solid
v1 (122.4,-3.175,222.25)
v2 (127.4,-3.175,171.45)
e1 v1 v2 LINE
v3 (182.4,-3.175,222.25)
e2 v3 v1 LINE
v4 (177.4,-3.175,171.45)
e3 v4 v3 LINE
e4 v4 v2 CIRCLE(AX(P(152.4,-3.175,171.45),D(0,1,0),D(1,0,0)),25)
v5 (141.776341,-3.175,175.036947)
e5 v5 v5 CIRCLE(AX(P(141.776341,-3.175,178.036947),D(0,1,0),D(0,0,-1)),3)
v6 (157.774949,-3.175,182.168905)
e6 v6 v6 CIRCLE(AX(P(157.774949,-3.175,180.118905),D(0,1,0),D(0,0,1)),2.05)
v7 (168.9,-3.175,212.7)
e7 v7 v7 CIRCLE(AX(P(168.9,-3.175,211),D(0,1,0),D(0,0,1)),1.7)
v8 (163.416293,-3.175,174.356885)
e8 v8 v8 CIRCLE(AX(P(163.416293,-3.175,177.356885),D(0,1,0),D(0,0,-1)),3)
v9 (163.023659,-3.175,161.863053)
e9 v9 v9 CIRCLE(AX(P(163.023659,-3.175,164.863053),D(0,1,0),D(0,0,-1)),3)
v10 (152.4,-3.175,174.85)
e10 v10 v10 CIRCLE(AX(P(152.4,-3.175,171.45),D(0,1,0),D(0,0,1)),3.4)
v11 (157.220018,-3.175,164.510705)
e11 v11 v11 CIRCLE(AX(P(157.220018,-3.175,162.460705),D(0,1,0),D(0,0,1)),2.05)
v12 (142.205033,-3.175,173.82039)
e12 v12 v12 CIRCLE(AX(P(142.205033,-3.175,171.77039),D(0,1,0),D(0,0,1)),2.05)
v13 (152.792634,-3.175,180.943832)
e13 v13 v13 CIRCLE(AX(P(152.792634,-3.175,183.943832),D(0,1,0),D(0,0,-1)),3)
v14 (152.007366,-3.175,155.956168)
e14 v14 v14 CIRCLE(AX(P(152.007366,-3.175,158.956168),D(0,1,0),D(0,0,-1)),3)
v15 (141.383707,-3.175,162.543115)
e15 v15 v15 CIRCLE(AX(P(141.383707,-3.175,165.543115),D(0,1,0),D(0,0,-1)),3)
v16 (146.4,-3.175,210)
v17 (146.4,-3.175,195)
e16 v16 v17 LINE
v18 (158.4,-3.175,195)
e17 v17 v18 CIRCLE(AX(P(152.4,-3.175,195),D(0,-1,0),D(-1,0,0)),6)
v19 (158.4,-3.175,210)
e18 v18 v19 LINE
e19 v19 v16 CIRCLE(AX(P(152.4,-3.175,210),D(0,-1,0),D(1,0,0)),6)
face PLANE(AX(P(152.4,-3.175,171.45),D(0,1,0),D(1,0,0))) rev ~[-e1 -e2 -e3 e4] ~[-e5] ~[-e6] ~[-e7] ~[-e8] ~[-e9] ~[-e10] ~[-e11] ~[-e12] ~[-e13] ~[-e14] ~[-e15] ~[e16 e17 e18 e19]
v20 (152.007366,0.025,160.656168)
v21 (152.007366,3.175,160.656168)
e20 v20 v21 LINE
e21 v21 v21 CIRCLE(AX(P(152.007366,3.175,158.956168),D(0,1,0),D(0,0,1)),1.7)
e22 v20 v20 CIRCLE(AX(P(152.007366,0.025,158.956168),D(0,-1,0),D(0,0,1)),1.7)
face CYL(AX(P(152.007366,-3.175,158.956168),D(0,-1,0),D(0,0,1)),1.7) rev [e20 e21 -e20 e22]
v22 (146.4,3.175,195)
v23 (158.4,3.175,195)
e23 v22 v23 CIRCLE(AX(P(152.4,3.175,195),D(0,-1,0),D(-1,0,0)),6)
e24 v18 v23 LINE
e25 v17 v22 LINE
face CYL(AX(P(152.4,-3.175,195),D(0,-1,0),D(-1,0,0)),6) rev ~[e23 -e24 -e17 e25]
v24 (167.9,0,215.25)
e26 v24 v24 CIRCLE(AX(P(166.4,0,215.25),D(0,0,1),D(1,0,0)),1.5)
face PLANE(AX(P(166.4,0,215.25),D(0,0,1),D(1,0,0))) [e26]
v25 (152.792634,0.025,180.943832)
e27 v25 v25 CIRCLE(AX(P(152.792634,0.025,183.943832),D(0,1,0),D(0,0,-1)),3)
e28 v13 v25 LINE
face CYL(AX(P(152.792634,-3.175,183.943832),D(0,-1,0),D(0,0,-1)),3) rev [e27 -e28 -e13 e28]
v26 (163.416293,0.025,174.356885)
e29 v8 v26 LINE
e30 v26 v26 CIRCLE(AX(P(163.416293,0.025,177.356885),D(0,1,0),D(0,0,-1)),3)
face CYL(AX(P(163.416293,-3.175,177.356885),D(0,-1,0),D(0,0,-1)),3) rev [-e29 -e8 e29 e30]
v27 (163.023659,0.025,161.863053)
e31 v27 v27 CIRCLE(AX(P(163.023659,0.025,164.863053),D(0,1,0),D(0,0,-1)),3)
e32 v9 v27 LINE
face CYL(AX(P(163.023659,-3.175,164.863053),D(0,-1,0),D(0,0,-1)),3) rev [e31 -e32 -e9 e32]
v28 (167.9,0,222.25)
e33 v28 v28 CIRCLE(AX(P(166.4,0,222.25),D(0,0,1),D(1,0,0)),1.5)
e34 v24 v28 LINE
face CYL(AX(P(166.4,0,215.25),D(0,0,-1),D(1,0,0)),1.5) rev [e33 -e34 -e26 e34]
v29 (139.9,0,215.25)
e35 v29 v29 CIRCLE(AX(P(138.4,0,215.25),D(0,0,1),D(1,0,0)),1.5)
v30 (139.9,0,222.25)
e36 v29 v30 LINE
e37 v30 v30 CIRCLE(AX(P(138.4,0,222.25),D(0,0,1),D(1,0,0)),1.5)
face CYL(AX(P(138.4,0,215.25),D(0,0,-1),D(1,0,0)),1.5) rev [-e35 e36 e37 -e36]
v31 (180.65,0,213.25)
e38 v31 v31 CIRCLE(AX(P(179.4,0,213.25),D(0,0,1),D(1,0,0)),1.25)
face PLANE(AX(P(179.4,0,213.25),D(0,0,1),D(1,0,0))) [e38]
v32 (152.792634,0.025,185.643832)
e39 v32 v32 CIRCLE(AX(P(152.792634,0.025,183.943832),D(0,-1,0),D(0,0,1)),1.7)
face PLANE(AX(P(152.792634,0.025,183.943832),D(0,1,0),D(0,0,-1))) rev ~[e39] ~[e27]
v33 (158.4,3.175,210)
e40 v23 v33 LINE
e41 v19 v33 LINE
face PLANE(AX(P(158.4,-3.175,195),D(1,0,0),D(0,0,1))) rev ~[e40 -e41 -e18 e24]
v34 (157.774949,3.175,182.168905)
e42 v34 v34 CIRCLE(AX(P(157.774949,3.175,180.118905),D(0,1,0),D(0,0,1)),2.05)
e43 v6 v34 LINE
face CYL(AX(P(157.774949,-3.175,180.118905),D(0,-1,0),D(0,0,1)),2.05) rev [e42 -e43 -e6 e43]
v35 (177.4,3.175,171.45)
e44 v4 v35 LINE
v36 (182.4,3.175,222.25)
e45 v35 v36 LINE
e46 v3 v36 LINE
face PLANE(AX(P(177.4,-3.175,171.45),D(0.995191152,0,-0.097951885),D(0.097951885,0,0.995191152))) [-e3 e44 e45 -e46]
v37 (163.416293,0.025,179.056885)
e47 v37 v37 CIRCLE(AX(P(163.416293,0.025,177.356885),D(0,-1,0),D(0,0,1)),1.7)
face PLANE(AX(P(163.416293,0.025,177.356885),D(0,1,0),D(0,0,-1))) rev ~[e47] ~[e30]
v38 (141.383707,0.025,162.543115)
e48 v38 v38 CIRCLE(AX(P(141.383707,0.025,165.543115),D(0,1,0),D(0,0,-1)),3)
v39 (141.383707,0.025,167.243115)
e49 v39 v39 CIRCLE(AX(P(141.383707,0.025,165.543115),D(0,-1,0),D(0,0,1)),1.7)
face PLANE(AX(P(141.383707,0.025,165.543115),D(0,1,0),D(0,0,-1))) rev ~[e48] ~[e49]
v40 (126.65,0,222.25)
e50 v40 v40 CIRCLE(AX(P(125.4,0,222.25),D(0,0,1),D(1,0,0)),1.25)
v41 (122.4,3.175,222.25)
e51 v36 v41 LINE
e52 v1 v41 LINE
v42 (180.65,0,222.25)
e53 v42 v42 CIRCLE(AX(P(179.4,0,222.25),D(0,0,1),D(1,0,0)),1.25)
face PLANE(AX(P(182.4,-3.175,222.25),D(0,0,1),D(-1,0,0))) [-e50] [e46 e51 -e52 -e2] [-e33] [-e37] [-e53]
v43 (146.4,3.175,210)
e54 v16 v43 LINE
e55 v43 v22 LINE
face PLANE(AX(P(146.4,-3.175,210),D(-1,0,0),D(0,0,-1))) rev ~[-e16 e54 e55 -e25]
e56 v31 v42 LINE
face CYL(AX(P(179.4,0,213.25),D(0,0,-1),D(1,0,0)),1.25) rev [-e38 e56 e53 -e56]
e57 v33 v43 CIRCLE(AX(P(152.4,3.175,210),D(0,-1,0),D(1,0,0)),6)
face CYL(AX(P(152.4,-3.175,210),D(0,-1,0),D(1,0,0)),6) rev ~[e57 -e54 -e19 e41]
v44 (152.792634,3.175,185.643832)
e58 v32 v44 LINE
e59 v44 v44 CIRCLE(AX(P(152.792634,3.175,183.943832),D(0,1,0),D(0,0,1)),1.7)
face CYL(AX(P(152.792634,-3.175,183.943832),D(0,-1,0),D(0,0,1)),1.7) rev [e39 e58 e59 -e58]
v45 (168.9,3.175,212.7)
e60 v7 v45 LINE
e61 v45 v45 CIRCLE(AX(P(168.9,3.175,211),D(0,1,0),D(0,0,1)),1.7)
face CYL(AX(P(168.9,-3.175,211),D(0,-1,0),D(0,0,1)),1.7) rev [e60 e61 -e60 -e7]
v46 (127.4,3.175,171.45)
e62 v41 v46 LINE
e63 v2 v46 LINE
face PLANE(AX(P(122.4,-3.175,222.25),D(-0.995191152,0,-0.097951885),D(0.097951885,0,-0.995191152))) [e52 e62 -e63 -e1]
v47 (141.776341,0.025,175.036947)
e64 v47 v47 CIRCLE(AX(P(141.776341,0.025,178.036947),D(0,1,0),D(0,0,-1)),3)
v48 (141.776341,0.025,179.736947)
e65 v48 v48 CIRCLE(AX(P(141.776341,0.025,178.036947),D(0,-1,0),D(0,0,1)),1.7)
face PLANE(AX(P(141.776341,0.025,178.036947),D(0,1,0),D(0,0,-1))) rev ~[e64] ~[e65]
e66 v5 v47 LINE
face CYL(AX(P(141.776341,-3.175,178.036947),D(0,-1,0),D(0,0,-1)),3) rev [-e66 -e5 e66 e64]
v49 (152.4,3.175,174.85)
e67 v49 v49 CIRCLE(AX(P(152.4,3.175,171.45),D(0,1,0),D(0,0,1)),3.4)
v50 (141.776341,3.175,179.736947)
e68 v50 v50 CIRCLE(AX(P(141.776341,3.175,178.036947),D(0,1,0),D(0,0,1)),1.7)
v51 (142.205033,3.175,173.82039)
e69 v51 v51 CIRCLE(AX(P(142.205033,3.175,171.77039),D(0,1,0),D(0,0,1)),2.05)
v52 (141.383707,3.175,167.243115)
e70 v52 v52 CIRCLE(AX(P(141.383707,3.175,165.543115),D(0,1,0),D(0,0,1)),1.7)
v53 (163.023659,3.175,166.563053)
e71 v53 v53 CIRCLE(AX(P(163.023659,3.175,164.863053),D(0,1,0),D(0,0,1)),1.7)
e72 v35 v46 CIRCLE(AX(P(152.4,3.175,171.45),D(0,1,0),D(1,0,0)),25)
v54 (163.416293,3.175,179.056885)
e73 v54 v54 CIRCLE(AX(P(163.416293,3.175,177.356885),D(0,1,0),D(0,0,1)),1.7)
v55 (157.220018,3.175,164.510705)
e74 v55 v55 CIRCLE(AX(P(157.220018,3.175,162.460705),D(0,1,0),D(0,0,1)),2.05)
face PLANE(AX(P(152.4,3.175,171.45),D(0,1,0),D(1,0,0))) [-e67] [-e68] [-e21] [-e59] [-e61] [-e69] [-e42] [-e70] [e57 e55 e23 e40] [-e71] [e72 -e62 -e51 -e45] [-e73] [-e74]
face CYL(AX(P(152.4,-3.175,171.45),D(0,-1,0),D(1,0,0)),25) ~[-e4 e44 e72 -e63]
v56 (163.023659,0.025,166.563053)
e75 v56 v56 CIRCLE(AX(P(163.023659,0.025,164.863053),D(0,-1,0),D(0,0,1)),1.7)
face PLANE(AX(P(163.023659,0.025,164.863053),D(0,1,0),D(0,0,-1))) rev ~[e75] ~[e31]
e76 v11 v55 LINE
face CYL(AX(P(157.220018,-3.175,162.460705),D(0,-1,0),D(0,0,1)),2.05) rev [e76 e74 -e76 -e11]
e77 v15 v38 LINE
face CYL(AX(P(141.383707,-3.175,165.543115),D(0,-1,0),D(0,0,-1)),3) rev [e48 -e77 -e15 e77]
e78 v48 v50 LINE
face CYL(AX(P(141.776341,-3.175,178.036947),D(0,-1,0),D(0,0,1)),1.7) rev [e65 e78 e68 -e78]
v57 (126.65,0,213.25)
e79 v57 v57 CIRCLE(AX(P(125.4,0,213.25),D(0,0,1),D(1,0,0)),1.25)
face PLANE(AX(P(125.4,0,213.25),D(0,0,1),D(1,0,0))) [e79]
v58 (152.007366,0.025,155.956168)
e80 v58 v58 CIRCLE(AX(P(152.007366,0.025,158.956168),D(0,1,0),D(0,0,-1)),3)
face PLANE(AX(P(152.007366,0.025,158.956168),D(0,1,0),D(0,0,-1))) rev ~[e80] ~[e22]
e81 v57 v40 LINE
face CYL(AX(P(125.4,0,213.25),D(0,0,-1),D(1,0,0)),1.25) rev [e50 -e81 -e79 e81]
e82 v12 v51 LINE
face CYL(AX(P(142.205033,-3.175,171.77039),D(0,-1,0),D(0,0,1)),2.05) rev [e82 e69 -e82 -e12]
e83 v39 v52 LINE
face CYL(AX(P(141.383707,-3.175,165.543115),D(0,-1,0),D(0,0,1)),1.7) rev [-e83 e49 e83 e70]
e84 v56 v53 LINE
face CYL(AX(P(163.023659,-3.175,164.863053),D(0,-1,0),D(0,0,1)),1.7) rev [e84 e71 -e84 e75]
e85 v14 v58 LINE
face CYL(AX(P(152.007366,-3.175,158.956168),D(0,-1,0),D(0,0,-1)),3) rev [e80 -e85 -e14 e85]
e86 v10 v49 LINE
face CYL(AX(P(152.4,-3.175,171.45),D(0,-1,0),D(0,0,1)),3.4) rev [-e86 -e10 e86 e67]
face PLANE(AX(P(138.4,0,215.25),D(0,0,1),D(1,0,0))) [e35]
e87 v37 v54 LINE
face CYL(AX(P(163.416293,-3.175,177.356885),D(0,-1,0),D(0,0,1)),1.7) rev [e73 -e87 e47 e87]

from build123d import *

# Parameters (mm, degrees)
PLACA_ANTEBRAZO_START          = -3.175
PLACA_ANTEBRAZO_DEPTH          = 6.35
PLACA_ANTEBRAZO_REDONDEO_START = -3.175
CROQUIS13_R                    = 25
PLACA_ANTEBRAZO_REDONDEO_DEPTH = 6.35
BARRENOS_J3_START              = -3.175
CROQUIS14_R                    = 1.7
CROQUIS14_R_2                  = 2.05
CROQUIS14_R_3                  = 3.4
BARRENOS_J3_DEPTH              = 6.35
REFRENTADOS_J3_START           = -3.175
CROQUIS15_R                    = 3
REFRENTADOS_J3_DEPTH           = 3.2
ALIGERADO_PASO_CABLE_START     = -3.175
ALIGERADO_PASO_CABLE_DEPTH     = 6.35
ROSCA_M3_CANTO_START           = 213.25
CROQUIS17_R                    = 1.25
ROSCA_M3_CANTO_DEPTH           = 9
PASADORES_D3_START             = 215.25
CROQUIS18_R                    = 1.5
PASADORES_D3_DEPTH             = 7
PASO_M3_BASES_CINCHO_START     = -3.175
CROQUIS20_R                    = 1.7
PASO_M3_BASES_CINCHO_DEPTH     = 6.35


with BuildPart() as part:
    # Croquis12 → Placa_antebrazo (new body)
    with BuildSketch(Plane(origin=(0, 0, 0), x_dir=(1, 0, 0), z_dir=(0, 1, 0)).offset(PLACA_ANTEBRAZO_START)):
        Polygon((127.4, -171.45), (177.4, -171.45), (182.4, -222.25), (122.4, -222.25), align=None)
    extrude(amount=PLACA_ANTEBRAZO_DEPTH)

    # Croquis13 → Placa_antebrazo_redondeo (add)
    with BuildSketch(Plane(origin=(0, 0, 0), x_dir=(1, 0, 0), z_dir=(0, 1, 0)).offset(PLACA_ANTEBRAZO_REDONDEO_START)):
        with Locations((152.4, -171.45)):
            Circle(CROQUIS13_R)
    extrude(amount=PLACA_ANTEBRAZO_REDONDEO_DEPTH)

    # Croquis14 → Barrenos_J3 (cut)
    with BuildSketch(Plane(origin=(0, 0, 0), x_dir=(1, 0, 0), z_dir=(0, 1, 0)).offset(BARRENOS_J3_START)):
        with Locations((163.416293151, -177.356884561)):
            Circle(CROQUIS14_R)
        with Locations((152.792634488, -183.943832005)):
            Circle(CROQUIS14_R)
        with Locations((141.776341338, -178.036947444)):
            Circle(CROQUIS14_R)
        with Locations((141.383706849, -165.543115439)):
            Circle(CROQUIS14_R)
        with Locations((152.007365512, -158.956167995)):
            Circle(CROQUIS14_R)
        with Locations((163.023658662, -164.863052556)):
            Circle(CROQUIS14_R)
        with Locations((157.774949114, -180.118905468)):
            Circle(CROQUIS14_R_2)
        with Locations((142.205033084, -171.770389743)):
            Circle(CROQUIS14_R_2)
        with Locations((157.220017802, -162.460704789)):
            Circle(CROQUIS14_R_2)
        with Locations((152.4, -171.45)):
            Circle(CROQUIS14_R_3)
    extrude(amount=BARRENOS_J3_DEPTH, mode=Mode.SUBTRACT)

    # Croquis15 → Refrentados_J3 (cut)
    with BuildSketch(Plane(origin=(0, 0, 0), x_dir=(1, 0, 0), z_dir=(0, 1, 0)).offset(REFRENTADOS_J3_START)):
        with Locations((163.416293151, -177.356884561)):
            Circle(CROQUIS15_R)
        with Locations((152.792634488, -183.943832005)):
            Circle(CROQUIS15_R)
        with Locations((141.776341338, -178.036947444)):
            Circle(CROQUIS15_R)
        with Locations((141.383706849, -165.543115439)):
            Circle(CROQUIS15_R)
        with Locations((152.007365512, -158.956167995)):
            Circle(CROQUIS15_R)
        with Locations((163.023658662, -164.863052556)):
            Circle(CROQUIS15_R)
    extrude(amount=REFRENTADOS_J3_DEPTH, mode=Mode.SUBTRACT)

    # Croquis16 → Aligerado_paso_cable (cut)
    with BuildSketch(Plane(origin=(0, 0, 0), x_dir=(1, 0, 0), z_dir=(0, 1, 0)).offset(ALIGERADO_PASO_CABLE_START)):
        with BuildLine():
            Line((158.4, -195), (158.4, -210))
            ThreePointArc((158.4, -210), (152.4, -216), (146.4, -210))
            Line((146.4, -210), (146.4, -195))
            ThreePointArc((146.4, -195), (152.4, -189), (158.4, -195))
        make_face()
    extrude(amount=ALIGERADO_PASO_CABLE_DEPTH, mode=Mode.SUBTRACT)

    # Croquis17 → Rosca_M3_canto (cut)
    with BuildSketch(Plane.XY.offset(ROSCA_M3_CANTO_START)):
        with Locations((125.4, 0)):
            Circle(CROQUIS17_R)
        with Locations((179.4, 0)):
            Circle(CROQUIS17_R)
    extrude(amount=ROSCA_M3_CANTO_DEPTH, mode=Mode.SUBTRACT)

    # Croquis18 → Pasadores_D3 (cut)
    with BuildSketch(Plane.XY.offset(PASADORES_D3_START)):
        with Locations((138.4, 0)):
            Circle(CROQUIS18_R)
        with Locations((166.4, 0)):
            Circle(CROQUIS18_R)
    extrude(amount=PASADORES_D3_DEPTH, mode=Mode.SUBTRACT)

    # Croquis20 → Paso_M3_bases_cincho (cut)
    with BuildSketch(Plane(origin=(0, 0, 0), x_dir=(1, 0, 0), z_dir=(0, 1, 0)).offset(PASO_M3_BASES_CINCHO_START)):
        with Locations((168.9, -211)):
            Circle(CROQUIS20_R)
    extrude(amount=PASO_M3_BASES_CINCHO_DEPTH, mode=Mode.SUBTRACT)


solid = part.part
